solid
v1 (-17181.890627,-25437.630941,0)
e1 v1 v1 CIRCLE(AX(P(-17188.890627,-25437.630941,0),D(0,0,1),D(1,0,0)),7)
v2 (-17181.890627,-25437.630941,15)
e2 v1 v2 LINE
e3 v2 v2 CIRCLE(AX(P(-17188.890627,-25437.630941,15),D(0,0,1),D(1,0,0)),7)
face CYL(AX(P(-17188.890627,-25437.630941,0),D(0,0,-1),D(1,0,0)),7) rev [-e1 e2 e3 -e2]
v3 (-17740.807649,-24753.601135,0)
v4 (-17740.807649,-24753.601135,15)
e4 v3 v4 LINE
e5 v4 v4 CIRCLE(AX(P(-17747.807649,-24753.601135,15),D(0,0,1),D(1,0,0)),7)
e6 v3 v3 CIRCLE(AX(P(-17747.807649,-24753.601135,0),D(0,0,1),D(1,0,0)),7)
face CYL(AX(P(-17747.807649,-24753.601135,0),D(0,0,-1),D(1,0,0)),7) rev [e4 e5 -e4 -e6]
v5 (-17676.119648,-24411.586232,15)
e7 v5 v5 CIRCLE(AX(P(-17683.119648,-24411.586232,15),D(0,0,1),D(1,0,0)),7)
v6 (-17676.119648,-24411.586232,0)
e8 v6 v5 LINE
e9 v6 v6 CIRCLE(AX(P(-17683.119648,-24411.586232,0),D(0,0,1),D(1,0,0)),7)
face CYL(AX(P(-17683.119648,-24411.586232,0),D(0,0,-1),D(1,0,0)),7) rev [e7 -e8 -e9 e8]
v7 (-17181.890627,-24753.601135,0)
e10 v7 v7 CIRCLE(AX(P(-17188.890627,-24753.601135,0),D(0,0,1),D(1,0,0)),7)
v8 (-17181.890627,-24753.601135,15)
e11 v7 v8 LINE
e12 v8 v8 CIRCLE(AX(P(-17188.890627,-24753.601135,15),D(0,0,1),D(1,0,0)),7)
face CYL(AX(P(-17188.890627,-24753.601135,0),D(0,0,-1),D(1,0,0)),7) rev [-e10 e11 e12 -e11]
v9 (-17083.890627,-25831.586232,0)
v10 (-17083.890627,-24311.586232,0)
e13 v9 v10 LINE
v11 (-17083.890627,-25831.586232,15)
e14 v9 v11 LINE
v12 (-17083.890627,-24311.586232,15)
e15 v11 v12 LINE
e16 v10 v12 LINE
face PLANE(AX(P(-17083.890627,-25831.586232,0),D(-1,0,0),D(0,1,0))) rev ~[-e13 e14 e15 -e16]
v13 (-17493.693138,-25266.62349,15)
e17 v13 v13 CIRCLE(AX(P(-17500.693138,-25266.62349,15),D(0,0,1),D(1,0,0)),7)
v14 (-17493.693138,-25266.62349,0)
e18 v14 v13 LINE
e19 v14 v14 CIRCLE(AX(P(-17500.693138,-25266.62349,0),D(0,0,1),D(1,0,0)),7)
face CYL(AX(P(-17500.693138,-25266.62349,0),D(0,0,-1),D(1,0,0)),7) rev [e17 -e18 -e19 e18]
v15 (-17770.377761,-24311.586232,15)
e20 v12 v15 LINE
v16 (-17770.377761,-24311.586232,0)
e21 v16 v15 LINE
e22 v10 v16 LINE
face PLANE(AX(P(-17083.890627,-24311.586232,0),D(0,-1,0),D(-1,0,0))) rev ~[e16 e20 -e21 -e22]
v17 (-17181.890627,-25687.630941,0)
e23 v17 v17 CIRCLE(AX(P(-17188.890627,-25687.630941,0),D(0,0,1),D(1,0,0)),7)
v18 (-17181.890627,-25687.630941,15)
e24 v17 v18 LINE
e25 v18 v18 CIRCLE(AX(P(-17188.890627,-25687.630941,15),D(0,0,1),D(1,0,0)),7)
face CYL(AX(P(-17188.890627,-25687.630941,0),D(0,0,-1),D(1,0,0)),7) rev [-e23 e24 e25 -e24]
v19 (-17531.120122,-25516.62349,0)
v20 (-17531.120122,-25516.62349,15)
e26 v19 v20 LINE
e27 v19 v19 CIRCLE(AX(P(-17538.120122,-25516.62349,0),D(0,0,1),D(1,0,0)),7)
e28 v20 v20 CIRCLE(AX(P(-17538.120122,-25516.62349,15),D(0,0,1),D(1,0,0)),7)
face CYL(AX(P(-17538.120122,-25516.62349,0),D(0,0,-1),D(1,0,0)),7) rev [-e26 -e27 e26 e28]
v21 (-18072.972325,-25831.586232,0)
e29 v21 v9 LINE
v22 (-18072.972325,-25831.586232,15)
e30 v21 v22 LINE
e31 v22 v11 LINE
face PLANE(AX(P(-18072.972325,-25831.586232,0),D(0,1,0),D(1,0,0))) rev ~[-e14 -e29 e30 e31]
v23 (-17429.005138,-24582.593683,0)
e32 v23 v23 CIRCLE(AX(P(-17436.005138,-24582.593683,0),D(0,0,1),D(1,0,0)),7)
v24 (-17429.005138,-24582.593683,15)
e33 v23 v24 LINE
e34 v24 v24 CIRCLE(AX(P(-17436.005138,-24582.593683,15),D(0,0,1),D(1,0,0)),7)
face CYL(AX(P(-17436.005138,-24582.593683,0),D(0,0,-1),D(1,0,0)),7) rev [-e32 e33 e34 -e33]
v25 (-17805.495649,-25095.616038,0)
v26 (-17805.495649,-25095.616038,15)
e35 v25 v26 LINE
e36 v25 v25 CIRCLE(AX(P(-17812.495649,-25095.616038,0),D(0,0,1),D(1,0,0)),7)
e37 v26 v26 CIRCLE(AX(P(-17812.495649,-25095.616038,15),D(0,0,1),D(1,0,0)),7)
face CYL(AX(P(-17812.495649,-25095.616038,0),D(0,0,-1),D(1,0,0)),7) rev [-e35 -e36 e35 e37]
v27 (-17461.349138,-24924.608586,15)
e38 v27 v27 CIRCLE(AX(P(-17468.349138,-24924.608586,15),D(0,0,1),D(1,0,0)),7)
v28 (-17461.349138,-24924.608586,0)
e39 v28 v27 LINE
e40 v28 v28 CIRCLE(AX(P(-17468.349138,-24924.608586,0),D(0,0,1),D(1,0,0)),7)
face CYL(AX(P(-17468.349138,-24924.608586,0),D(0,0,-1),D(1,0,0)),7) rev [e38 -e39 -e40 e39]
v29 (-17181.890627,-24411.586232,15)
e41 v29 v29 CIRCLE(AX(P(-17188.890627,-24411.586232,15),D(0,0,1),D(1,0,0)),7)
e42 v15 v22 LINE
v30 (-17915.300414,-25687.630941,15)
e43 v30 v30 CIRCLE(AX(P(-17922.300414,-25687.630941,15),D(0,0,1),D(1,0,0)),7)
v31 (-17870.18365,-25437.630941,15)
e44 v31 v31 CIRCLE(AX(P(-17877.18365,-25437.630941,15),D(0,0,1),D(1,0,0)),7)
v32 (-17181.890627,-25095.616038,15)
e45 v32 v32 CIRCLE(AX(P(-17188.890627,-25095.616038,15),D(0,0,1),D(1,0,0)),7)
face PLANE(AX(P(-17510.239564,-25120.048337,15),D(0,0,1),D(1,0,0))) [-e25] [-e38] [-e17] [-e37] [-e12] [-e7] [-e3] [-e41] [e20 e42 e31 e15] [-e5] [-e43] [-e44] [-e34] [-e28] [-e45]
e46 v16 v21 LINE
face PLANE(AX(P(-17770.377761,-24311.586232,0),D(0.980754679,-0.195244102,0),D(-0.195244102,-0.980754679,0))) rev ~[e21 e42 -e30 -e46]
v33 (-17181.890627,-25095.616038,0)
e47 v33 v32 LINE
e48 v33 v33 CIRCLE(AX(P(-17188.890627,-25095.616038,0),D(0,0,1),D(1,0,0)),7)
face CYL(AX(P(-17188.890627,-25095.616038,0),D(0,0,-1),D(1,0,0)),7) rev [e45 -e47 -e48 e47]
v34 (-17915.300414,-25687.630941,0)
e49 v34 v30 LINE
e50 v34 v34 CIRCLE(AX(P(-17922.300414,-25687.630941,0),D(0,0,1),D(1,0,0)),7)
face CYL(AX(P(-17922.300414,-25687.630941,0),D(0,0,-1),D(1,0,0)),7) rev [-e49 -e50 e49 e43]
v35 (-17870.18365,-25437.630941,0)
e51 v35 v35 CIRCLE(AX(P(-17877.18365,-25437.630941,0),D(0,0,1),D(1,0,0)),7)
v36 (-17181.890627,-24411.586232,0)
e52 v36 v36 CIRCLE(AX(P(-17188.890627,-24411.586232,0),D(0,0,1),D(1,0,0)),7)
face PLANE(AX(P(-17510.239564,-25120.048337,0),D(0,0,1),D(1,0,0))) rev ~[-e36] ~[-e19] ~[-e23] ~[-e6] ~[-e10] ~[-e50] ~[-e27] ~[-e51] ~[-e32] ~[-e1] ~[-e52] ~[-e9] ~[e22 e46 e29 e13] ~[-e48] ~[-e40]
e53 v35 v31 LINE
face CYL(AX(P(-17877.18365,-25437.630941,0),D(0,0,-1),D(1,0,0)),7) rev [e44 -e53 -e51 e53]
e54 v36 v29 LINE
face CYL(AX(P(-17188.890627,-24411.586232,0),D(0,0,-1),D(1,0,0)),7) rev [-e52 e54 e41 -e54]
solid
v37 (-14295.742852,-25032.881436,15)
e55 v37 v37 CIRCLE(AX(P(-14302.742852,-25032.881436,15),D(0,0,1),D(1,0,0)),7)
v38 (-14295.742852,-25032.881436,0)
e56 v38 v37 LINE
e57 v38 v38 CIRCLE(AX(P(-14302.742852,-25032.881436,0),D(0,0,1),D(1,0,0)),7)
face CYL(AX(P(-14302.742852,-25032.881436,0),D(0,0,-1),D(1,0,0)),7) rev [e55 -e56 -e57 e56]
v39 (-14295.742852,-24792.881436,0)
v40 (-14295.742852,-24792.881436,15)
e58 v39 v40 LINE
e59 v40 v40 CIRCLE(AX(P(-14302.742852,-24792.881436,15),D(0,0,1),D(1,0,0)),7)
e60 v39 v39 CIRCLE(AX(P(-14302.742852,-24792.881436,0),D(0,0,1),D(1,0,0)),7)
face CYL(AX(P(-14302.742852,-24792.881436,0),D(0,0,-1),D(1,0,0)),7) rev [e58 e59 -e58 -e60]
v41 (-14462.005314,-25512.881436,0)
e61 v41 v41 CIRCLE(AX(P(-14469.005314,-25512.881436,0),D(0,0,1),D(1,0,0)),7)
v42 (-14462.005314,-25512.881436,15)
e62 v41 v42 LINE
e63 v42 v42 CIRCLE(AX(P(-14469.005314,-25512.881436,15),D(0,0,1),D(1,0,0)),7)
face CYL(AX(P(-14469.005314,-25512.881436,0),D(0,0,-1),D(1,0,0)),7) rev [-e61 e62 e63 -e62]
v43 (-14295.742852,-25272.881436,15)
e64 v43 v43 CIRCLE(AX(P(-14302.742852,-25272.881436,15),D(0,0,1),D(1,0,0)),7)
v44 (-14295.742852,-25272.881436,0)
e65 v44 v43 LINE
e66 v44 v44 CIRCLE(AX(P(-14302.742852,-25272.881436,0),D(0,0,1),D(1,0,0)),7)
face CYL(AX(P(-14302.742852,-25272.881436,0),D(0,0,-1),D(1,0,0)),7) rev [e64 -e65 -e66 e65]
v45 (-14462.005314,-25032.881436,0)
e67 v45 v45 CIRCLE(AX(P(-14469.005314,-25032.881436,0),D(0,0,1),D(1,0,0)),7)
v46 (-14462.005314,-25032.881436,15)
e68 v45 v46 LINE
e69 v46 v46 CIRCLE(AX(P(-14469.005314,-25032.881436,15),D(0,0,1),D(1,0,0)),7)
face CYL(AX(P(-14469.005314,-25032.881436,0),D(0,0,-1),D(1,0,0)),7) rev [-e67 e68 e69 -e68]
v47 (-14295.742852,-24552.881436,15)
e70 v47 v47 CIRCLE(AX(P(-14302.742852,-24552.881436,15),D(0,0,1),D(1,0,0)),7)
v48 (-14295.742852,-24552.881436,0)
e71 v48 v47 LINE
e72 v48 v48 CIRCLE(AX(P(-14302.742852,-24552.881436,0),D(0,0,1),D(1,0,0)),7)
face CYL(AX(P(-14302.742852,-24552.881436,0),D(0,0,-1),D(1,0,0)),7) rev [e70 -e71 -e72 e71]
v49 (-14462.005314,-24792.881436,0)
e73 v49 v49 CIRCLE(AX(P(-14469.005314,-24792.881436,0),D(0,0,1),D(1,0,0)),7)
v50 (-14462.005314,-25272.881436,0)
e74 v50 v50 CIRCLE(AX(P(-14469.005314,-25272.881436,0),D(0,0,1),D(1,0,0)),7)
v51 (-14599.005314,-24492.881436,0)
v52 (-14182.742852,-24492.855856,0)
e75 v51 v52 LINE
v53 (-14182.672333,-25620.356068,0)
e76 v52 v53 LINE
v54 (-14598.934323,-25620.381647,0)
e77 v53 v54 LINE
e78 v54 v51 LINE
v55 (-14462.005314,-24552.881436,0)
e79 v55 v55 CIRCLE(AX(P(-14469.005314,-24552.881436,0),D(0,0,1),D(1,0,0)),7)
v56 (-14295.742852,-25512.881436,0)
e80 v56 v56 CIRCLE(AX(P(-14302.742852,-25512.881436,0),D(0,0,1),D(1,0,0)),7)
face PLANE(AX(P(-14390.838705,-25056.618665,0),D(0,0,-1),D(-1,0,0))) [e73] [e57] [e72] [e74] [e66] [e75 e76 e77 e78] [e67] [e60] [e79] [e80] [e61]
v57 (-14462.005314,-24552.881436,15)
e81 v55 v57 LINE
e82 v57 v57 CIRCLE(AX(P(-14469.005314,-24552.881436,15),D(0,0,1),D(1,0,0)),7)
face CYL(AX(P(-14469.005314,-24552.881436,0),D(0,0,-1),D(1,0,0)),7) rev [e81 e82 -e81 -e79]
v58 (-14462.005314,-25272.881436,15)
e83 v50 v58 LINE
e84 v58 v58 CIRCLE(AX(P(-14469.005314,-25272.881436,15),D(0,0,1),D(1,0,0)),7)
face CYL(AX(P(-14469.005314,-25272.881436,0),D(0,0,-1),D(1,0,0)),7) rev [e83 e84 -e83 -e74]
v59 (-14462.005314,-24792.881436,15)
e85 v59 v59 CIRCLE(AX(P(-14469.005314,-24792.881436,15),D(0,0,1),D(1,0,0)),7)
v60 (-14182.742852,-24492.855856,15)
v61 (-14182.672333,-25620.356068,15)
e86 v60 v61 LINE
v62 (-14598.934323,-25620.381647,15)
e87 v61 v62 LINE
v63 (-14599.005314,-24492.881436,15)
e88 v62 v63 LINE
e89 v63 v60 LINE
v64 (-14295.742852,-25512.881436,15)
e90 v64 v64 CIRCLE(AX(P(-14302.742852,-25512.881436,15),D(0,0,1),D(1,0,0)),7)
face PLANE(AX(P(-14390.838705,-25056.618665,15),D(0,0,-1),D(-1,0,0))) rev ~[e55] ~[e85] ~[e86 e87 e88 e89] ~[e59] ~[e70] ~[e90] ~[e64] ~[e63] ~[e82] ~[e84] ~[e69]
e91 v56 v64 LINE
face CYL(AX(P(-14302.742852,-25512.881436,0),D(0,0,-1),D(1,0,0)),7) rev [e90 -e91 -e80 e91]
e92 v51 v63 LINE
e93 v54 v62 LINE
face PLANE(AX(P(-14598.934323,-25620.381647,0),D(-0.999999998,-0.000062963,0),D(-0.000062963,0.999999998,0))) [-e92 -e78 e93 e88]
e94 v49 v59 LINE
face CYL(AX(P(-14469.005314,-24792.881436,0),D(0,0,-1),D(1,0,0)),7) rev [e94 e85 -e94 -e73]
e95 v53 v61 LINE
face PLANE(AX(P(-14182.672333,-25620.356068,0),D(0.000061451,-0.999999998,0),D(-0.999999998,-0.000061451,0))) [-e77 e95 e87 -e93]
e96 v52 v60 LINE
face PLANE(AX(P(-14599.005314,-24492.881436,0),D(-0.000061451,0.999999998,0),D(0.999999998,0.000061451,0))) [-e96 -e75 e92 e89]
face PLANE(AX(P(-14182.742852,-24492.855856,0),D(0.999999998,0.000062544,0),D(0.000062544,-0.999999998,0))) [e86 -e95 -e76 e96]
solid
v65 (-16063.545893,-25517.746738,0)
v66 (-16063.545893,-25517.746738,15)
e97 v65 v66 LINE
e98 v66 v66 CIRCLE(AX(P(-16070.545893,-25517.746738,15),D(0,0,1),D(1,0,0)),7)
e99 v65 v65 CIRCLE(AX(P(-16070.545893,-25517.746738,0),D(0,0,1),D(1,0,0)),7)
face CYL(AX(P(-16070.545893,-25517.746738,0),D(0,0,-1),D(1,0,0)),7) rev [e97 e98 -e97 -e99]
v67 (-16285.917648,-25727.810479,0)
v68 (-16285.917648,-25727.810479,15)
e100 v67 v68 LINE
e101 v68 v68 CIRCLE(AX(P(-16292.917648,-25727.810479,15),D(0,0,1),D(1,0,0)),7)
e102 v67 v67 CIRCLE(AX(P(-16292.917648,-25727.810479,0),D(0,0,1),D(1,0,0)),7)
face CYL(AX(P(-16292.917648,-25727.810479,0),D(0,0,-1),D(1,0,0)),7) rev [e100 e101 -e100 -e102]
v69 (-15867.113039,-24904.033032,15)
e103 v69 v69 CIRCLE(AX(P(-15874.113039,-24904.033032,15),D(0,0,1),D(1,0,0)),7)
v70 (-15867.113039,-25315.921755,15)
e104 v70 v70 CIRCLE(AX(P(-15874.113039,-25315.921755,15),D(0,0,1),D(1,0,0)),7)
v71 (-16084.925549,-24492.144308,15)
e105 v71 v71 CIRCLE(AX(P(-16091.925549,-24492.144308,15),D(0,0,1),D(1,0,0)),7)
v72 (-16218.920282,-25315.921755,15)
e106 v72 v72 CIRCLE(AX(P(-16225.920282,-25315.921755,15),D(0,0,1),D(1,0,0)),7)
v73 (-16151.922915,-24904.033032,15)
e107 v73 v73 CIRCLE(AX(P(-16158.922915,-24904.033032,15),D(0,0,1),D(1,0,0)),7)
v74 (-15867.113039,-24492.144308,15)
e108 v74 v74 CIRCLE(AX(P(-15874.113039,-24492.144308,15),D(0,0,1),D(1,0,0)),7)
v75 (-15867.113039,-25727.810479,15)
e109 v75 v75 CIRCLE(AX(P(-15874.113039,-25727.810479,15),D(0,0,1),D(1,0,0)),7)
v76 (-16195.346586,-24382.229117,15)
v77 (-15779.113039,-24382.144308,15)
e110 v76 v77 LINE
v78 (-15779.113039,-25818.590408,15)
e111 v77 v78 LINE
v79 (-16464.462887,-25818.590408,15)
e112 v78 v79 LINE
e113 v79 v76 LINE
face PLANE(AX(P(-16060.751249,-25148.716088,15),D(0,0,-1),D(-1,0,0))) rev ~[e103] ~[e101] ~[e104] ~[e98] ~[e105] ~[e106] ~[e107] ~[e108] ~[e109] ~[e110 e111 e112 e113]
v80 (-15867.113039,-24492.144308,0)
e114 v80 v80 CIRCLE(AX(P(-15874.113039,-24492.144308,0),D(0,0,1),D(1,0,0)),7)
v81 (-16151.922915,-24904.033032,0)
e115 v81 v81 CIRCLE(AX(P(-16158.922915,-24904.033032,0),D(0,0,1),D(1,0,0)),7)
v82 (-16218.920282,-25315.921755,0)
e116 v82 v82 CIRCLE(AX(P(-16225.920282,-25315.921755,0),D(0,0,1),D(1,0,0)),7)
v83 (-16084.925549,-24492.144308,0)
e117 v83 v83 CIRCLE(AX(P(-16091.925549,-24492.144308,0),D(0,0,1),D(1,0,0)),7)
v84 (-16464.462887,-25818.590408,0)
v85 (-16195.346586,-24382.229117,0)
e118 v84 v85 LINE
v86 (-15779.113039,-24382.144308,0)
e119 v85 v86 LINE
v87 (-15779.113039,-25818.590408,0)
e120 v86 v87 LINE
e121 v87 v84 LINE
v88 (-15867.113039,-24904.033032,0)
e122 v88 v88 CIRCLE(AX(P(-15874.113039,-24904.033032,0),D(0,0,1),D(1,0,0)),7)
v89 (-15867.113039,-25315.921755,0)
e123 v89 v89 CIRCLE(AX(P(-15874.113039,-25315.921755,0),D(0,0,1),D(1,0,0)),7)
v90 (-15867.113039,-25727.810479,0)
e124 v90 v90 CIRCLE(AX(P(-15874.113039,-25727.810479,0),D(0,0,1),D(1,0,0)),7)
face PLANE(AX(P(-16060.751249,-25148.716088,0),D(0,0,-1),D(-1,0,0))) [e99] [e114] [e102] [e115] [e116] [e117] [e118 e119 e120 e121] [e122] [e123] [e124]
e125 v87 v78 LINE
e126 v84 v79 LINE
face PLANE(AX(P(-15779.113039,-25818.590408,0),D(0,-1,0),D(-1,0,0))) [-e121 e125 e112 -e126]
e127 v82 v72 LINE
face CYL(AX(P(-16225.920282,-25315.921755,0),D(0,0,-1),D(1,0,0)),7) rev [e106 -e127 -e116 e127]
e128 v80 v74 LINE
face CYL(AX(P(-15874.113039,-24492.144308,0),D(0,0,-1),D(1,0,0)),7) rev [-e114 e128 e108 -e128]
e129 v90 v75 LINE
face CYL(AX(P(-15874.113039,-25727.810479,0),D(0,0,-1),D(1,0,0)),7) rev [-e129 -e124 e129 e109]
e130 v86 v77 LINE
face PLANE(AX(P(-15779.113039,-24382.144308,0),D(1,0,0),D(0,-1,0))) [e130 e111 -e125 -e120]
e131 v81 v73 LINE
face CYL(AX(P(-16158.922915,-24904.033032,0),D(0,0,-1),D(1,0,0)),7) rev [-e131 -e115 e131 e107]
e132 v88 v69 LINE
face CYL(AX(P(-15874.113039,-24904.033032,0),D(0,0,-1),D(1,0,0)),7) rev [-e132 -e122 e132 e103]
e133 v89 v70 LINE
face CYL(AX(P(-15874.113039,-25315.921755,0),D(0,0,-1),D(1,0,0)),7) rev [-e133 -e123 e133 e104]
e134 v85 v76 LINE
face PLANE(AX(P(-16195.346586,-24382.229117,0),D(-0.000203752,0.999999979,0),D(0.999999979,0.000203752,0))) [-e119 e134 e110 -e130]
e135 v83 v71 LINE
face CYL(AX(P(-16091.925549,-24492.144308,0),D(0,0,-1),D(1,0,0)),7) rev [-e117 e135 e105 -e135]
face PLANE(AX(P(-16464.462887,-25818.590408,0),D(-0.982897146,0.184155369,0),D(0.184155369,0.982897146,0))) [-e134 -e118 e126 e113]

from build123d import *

# Parameters (mm, degrees)
IZIM1_R                       = 7
Y_KSEKLIK_EKSTR_ZYON1_DEPTH   = 15
Y_KSEKLIK_EKSTR_ZYON1_2_DEPTH = 15
Y_KSEKLIK_EKSTR_ZYON1_3_DEPTH = 15


with BuildPart() as part:
    # Çizim1 → Yükseklik-Ekstrüzyon1 (new body)
    with BuildSketch(Plane.XY):
        Polygon((-17083.890627452, -24311.586231701), (-17770.377761234, -24311.586231701), (-18072.972325265, -25831.586231701), (-17083.890627452, -25831.586231701), align=None)
        with Locations((-17747.807648973, -24753.601134834)):
            Circle(IZIM1_R, mode=Mode.SUBTRACT)
        with Locations((-17812.495649489, -25095.616037966)):
            Circle(IZIM1_R, mode=Mode.SUBTRACT)
        with Locations((-17877.183650005, -25437.630941098)):
            Circle(IZIM1_R, mode=Mode.SUBTRACT)
        with Locations((-17436.005137954, -24582.593683268)):
            Circle(IZIM1_R, mode=Mode.SUBTRACT)
        with Locations((-17188.890627452, -24753.601134834)):
            Circle(IZIM1_R, mode=Mode.SUBTRACT)
        with Locations((-17188.890627452, -25095.616037966)):
            Circle(IZIM1_R, mode=Mode.SUBTRACT)
        with Locations((-17188.890627452, -25437.630941098)):
            Circle(IZIM1_R, mode=Mode.SUBTRACT)
        with Locations((-17683.119648456, -24411.586231701)):
            Circle(IZIM1_R, mode=Mode.SUBTRACT)
        with Locations((-17468.349138212, -24924.6085864)):
            Circle(IZIM1_R, mode=Mode.SUBTRACT)
        with Locations((-17500.693138471, -25266.623489532)):
            Circle(IZIM1_R, mode=Mode.SUBTRACT)
        with Locations((-17188.890627452, -24411.586231701)):
            Circle(IZIM1_R, mode=Mode.SUBTRACT)
        with Locations((-17922.300414307, -25687.630941098)):
            Circle(IZIM1_R, mode=Mode.SUBTRACT)
        with Locations((-17188.890627452, -25687.630941098)):
            Circle(IZIM1_R, mode=Mode.SUBTRACT)
        with Locations((-17538.120122273, -25516.623489532)):
            Circle(IZIM1_R, mode=Mode.SUBTRACT)
    extrude(amount=Y_KSEKLIK_EKSTR_ZYON1_DEPTH)


with BuildPart() as body_2:
    # Çizim1 → Y_kseklik-Ekstr_zyon1 2 (new body)
    with BuildSketch(Plane.XY):
        Polygon((-16464.462886753, -25818.590408101), (-16195.346585806, -24382.229116616), (-15779.113039081, -24382.14430812), (-15779.113039081, -25818.590408101), align=None)
        with Locations((-16158.922915355, -24904.033031627)):
            Circle(IZIM1_R, mode=Mode.SUBTRACT)
        with Locations((-16225.920281535, -25315.921755134)):
            Circle(IZIM1_R, mode=Mode.SUBTRACT)
        with Locations((-16292.917647714, -25727.810478641)):
            Circle(IZIM1_R, mode=Mode.SUBTRACT)
        with Locations((-15874.113039081, -25727.810478641)):
            Circle(IZIM1_R, mode=Mode.SUBTRACT)
        with Locations((-15874.113039081, -25315.921755134)):
            Circle(IZIM1_R, mode=Mode.SUBTRACT)
        with Locations((-15874.113039081, -24904.033031627)):
            Circle(IZIM1_R, mode=Mode.SUBTRACT)
        with Locations((-16091.925549176, -24492.14430812)):
            Circle(IZIM1_R, mode=Mode.SUBTRACT)
        with Locations((-15874.113039081, -24492.14430812)):
            Circle(IZIM1_R, mode=Mode.SUBTRACT)
        with Locations((-16070.545892819, -25517.746737664)):
            Circle(IZIM1_R, mode=Mode.SUBTRACT)
    extrude(amount=Y_KSEKLIK_EKSTR_ZYON1_2_DEPTH)


with BuildPart() as body_3:
    # Çizim1 → Y_kseklik-Ekstr_zyon1 3 (new body)
    with BuildSketch(Plane.XY):
        Polygon((-14182.742851617, -24492.85585625), (-14182.672332855, -25620.356067558), (-14598.934322667, -25620.3816471), (-14599.005313652, -24492.881435822), align=None)
        with Locations((-14469.005313652, -24552.881435822)):
            Circle(IZIM1_R, mode=Mode.SUBTRACT)
        with Locations((-14302.742851617, -24552.881435822)):
            Circle(IZIM1_R, mode=Mode.SUBTRACT)
        with Locations((-14469.005313652, -24792.881435822)):
            Circle(IZIM1_R, mode=Mode.SUBTRACT)
        with Locations((-14302.742851617, -24792.881435822)):
            Circle(IZIM1_R, mode=Mode.SUBTRACT)
        with Locations((-14469.005313652, -25032.881435822)):
            Circle(IZIM1_R, mode=Mode.SUBTRACT)
        with Locations((-14302.742851617, -25032.881435822)):
            Circle(IZIM1_R, mode=Mode.SUBTRACT)
        with Locations((-14469.005313652, -25272.881435822)):
            Circle(IZIM1_R, mode=Mode.SUBTRACT)
        with Locations((-14302.742851617, -25272.881435822)):
            Circle(IZIM1_R, mode=Mode.SUBTRACT)
        with Locations((-14469.005313652, -25512.881435822)):
            Circle(IZIM1_R, mode=Mode.SUBTRACT)
        with Locations((-14302.742851617, -25512.881435822)):
            Circle(IZIM1_R, mode=Mode.SUBTRACT)
    extrude(amount=Y_KSEKLIK_EKSTR_ZYON1_3_DEPTH)


solid = Compound([part.part, body_2.part, body_3.part])
